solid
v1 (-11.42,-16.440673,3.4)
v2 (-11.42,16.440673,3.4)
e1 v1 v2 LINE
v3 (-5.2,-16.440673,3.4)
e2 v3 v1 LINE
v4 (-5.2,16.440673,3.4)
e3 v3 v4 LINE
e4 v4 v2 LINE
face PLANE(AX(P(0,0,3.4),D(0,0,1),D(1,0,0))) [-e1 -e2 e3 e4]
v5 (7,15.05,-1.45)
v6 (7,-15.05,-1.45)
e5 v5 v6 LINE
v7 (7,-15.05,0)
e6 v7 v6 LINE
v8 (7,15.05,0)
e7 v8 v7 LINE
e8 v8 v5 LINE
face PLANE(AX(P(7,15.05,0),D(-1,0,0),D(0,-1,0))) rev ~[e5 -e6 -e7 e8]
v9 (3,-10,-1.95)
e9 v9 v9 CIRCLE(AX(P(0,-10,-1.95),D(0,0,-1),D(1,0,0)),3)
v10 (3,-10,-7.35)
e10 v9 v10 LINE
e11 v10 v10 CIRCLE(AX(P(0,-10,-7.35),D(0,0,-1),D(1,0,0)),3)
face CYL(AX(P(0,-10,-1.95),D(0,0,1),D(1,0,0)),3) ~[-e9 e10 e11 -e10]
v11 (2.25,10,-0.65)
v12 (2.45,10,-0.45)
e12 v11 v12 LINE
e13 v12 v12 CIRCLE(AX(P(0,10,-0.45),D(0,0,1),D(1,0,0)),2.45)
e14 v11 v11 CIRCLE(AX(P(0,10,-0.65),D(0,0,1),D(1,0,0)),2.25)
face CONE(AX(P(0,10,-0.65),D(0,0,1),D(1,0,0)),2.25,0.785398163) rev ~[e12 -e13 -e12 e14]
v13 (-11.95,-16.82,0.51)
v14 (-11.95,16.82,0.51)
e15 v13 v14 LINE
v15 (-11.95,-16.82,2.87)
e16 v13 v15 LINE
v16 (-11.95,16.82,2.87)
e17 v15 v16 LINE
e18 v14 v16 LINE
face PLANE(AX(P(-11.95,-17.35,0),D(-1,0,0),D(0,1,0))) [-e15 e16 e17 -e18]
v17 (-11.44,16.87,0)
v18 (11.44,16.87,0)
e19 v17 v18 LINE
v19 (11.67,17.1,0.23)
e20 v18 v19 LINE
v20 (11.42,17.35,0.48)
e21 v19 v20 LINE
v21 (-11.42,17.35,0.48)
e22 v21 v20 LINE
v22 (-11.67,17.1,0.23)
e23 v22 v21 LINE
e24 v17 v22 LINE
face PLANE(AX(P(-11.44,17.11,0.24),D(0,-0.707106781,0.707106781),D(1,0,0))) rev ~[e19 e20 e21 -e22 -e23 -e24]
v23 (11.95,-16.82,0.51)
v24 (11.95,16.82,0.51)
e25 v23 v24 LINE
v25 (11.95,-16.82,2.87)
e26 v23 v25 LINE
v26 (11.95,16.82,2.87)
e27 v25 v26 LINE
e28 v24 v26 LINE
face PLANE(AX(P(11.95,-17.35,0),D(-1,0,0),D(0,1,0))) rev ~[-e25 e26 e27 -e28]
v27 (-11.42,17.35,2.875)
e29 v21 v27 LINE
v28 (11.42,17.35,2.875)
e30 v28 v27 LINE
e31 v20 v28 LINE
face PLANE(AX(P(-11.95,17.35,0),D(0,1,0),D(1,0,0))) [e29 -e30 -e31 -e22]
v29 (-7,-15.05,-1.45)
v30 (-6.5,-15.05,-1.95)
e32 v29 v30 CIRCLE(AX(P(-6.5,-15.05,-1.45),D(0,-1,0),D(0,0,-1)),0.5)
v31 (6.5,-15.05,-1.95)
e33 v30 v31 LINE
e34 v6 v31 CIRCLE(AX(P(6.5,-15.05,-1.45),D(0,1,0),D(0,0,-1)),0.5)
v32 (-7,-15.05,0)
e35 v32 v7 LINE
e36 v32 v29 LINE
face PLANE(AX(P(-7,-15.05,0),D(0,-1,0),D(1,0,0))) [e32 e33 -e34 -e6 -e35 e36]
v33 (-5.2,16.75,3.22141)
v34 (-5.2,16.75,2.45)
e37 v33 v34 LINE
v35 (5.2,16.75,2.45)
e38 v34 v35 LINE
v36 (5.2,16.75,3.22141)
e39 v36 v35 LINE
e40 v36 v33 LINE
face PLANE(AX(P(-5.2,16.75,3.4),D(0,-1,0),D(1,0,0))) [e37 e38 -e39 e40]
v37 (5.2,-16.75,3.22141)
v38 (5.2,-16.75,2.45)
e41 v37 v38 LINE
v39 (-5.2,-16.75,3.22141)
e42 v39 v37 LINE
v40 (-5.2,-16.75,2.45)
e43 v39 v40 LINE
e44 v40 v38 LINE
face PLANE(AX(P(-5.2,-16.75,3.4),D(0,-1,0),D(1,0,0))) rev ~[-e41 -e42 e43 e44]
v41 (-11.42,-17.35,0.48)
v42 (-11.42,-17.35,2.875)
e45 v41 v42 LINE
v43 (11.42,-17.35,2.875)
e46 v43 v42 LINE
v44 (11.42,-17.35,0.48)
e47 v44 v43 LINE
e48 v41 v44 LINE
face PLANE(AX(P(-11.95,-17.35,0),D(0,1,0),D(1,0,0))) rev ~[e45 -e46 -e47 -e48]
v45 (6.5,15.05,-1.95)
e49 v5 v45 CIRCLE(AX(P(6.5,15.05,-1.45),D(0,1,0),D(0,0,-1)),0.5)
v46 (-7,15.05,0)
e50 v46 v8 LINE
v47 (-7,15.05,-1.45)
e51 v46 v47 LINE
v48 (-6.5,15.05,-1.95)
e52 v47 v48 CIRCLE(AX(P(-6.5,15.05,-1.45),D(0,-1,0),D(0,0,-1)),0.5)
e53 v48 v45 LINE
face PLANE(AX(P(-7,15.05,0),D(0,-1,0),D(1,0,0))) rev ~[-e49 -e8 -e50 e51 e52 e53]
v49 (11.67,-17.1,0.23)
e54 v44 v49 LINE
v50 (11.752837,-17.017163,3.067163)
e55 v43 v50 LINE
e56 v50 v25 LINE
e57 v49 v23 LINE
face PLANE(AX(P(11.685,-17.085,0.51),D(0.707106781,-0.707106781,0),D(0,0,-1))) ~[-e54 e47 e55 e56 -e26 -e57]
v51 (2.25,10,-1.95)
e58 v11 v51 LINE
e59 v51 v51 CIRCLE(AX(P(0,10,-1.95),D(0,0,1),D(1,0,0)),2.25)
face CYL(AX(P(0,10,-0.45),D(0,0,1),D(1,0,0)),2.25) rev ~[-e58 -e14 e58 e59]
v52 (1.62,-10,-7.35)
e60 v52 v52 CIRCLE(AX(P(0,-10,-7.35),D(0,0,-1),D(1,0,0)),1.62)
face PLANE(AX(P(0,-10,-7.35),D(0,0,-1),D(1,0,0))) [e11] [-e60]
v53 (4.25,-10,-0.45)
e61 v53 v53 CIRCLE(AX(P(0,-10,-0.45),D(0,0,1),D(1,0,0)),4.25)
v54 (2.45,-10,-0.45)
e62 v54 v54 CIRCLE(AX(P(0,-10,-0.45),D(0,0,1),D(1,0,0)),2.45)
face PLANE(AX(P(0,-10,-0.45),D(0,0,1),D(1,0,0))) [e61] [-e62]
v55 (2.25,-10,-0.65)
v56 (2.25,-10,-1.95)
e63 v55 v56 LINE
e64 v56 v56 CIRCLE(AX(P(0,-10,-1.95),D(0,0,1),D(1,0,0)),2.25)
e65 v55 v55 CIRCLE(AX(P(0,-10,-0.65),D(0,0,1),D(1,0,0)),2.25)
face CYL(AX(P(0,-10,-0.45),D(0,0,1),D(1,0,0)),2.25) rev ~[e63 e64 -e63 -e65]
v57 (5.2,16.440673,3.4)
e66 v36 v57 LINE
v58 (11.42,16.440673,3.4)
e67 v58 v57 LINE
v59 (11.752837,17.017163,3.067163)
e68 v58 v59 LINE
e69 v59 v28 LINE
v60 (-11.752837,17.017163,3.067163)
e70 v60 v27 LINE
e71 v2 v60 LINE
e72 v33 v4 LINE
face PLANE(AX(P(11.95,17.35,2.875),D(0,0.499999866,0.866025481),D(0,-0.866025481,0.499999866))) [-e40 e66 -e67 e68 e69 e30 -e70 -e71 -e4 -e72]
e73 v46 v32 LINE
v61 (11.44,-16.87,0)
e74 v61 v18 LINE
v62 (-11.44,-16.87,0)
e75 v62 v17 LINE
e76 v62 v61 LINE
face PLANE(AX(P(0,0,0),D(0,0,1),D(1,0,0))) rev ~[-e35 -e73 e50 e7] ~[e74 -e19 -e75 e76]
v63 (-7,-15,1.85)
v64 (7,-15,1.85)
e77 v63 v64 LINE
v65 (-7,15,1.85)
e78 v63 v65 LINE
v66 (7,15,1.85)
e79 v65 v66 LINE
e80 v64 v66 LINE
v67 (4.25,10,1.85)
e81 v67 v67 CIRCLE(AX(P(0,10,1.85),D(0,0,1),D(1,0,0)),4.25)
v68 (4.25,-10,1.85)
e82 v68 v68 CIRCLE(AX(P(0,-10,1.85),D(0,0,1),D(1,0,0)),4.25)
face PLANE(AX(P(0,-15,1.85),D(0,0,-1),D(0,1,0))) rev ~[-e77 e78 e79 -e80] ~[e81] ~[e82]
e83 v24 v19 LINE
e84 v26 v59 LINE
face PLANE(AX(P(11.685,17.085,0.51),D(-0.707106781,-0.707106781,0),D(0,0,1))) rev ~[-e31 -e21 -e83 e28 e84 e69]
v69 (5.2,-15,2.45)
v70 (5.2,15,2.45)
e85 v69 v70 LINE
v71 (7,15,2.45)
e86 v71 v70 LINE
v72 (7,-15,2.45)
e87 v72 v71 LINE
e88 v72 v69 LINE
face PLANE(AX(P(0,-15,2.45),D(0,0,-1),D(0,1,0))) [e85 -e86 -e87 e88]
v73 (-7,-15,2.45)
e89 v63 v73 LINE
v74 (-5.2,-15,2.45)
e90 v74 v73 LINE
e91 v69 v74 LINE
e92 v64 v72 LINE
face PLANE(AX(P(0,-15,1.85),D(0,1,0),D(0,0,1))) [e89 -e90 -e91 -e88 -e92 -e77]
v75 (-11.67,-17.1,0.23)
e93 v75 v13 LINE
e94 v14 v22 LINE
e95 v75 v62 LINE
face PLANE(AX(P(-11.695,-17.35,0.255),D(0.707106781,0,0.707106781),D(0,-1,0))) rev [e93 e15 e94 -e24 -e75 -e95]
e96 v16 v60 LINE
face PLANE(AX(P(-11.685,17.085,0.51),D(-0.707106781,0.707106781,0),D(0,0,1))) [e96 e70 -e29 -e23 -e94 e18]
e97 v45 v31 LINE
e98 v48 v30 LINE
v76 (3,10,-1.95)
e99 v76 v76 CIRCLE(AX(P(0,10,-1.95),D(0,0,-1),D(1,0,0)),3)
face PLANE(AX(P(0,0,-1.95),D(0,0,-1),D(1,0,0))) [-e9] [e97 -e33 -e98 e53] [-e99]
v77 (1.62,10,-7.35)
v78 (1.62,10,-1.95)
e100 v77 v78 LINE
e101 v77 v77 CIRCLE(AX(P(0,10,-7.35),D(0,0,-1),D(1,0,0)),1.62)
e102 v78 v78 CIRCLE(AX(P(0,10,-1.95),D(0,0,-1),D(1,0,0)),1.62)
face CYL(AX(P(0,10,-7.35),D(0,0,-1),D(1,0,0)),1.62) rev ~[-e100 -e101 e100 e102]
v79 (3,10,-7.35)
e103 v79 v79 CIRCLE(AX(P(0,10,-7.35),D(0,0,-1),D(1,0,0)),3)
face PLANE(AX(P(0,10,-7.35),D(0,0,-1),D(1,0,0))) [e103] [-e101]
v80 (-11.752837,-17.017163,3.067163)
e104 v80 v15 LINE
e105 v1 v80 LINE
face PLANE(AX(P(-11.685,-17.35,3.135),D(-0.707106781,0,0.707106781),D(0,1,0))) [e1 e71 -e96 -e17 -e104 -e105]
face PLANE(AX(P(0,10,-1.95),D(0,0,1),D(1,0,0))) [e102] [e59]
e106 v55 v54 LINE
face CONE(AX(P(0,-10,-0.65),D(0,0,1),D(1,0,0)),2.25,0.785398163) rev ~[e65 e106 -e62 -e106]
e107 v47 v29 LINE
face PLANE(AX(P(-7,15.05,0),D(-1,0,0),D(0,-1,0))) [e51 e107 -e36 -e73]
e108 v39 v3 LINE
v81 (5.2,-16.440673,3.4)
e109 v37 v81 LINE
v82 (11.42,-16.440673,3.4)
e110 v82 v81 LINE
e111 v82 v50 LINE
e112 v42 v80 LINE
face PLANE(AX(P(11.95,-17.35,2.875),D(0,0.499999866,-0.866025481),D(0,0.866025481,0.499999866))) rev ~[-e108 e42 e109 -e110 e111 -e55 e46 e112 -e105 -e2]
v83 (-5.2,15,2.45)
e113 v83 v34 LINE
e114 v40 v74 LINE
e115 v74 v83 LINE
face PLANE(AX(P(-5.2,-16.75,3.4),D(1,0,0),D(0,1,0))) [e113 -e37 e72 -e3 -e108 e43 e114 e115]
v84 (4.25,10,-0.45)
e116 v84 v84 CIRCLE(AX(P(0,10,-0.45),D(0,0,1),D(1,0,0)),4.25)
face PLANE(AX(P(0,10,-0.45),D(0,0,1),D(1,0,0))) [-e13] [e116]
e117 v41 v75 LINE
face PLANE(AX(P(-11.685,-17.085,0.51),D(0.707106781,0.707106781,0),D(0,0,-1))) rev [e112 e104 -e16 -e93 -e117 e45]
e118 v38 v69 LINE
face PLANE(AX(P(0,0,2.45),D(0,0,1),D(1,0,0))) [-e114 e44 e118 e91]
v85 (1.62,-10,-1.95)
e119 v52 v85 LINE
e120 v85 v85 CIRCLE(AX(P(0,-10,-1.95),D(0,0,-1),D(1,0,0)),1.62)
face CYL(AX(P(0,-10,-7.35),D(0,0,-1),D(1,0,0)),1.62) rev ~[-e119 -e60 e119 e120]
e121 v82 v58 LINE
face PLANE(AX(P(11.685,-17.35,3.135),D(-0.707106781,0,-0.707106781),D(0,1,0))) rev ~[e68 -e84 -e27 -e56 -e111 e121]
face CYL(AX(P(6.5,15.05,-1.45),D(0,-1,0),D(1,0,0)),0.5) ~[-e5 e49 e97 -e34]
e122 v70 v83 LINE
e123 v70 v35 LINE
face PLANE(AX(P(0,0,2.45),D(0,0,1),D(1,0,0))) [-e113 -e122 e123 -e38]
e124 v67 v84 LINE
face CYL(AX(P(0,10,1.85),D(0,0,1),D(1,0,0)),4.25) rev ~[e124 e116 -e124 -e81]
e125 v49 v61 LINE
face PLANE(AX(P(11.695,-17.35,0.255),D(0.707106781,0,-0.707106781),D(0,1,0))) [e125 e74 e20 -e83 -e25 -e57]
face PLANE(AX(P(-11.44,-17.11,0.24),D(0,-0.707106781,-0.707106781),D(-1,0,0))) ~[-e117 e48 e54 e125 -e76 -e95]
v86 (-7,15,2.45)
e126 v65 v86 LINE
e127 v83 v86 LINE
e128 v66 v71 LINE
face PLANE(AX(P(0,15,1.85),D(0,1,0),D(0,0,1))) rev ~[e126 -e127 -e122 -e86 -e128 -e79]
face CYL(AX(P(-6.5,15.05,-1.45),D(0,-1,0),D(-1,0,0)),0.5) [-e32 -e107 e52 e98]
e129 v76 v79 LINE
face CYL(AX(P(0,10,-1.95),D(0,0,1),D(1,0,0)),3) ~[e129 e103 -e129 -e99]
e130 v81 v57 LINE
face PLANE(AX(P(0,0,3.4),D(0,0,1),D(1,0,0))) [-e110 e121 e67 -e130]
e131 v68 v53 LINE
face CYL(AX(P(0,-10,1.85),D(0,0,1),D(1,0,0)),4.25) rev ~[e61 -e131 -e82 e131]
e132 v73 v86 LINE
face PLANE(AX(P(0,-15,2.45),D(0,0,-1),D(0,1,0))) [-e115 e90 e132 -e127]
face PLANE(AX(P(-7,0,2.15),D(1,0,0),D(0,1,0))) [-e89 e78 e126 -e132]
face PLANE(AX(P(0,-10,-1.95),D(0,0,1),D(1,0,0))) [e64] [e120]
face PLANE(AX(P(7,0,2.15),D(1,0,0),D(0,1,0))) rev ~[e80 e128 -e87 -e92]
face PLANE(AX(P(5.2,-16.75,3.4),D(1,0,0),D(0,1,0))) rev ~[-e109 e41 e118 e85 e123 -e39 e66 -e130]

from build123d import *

# Parameters (mm, degrees)
SKETCH005_W     = 30
SKETCH005_H     = 0.6
PAD003_DEPTH    = 7
SKETCH_W        = 23.9
SKETCH_H        = 34.7
PAD_DEPTH       = 3.4
SKETCH001_W     = 10.4
SKETCH001_H     = 33.5
POCKET_DEPTH    = 0.95
SKETCH002_W     = 14
SKETCH002_H     = 30.1
PAD001_DEPTH    = 1.95
FILLET_R        = 0.5
SKETCH003_R     = 3
PAD002_DEPTH    = 5.4
SKETCH004_R     = 1.62
POCKET001_DEPTH = 10.751
SKETCH006_R     = 4.25
POCKET002_DEPTH = 2.3
SKETCH007_R     = 2.25
POCKET003_DEPTH = 1.5
CHAMFER_SIZE    = 0.2
CHAMFER001_SIZE = 0.53
CHAMFER002_SIZE = 0.51
CHAMFER003_SIZE = 0.48
POCKET004_DEPTH = 23.901
CHAMFER004_SIZE = 0.53


with BuildPart() as pad003:
    # Sketch005 → Pad003 (new body, symmetric)
    with BuildSketch(Plane.YZ):
        with Locations((0, 2.15)):
            Rectangle(SKETCH005_W, SKETCH005_H)
    extrude(amount=PAD003_DEPTH, both=True)


with BuildPart() as chamfer004:
    # Sketch → Pad (new body)
    with BuildSketch(Plane.XY):
        Rectangle(SKETCH_W, SKETCH_H)
    extrude(amount=PAD_DEPTH)

    # Sketch001 → Pocket (cut)
    with BuildSketch(Plane.XY.offset(3.4)):
        Rectangle(SKETCH001_W, SKETCH001_H)
    extrude(amount=-POCKET_DEPTH, mode=Mode.SUBTRACT)

    # Sketch002 → Pad001 (new body)
    with BuildSketch(Plane(origin=(0, 0, 0), x_dir=(1, 0, 0), z_dir=(0, 0, -1))):
        Rectangle(SKETCH002_W, SKETCH002_H)
    extrude(amount=PAD001_DEPTH)

    # Fillet
    fillet_edges = [chamfer004.edges().sort_by_distance(p)[0] for p in [
        (7, 0, -1.95),
        (-7, 0, -1.95),
    ]]
    fillet(fillet_edges, radius=FILLET_R)

    # Sketch003 → Pad002 (new body)
    with BuildSketch(Plane(origin=(0, 0, -1.95), x_dir=(1, 0, 0), z_dir=(0, 0, -1))):
        with Locations((0, 10)):
            Circle(SKETCH003_R)
        with Locations((0, -10)):
            Circle(SKETCH003_R)
    extrude(amount=PAD002_DEPTH)

    # Sketch004 → Pocket001 (cut, through all)
    with BuildSketch(Plane(origin=(0, 0, -7.35), x_dir=(1, 0, 0), z_dir=(0, 0, -1))):
        with Locations((0, -10)):
            Circle(SKETCH004_R)
        with Locations((0, 10)):
            Circle(SKETCH004_R)
    extrude(amount=-POCKET001_DEPTH, mode=Mode.SUBTRACT)

    # Cut: cut Pad003
    add(pad003.part, mode=Mode.SUBTRACT)

    # Sketch006 → Pocket002 (cut)
    with BuildSketch(Plane.XY.offset(1.85)):
        with Locations((0, 10)):
            Circle(SKETCH006_R)
        with Locations((0, -10)):
            Circle(SKETCH006_R)
    extrude(amount=-POCKET002_DEPTH, mode=Mode.SUBTRACT)

    # Sketch007 → Pocket003 (cut)
    with BuildSketch(Plane.XY.offset(-0.45)):
        with Locations((0, 10)):
            Circle(SKETCH007_R)
        with Locations((0, -10)):
            Circle(SKETCH007_R)
    extrude(amount=-POCKET003_DEPTH, mode=Mode.SUBTRACT)

    # Chamfer
    chamfer_edges = [chamfer004.edges().sort_by_distance(p)[0] for p in [
        (-2.25, 10, -0.45),
        (-2.25, -10, -0.45),
    ]]
    chamfer(chamfer_edges, length=CHAMFER_SIZE)

    # Chamfer001
    chamfer001_edges = [chamfer004.edges().sort_by_distance(p)[0] for p in [
        (11.95, 0, 3.4),
        (-11.95, 0, 3.4),
    ]]
    chamfer(chamfer001_edges, length=CHAMFER001_SIZE)

    # Chamfer002
    chamfer002_edges = [chamfer004.edges().sort_by_distance(p)[0] for p in [
        (11.95, 0, 0),
        (-11.95, 0, 0),
    ]]
    chamfer(chamfer002_edges, length=CHAMFER002_SIZE)

    # Chamfer003
    chamfer003_edges = [chamfer004.edges().sort_by_distance(p)[0] for p in [
        (0, -17.35, 0),
        (0, 17.35, 0),
    ]]
    chamfer(chamfer003_edges, length=CHAMFER003_SIZE)

    # Sketch008 → Pocket004 (cut, through all)
    with BuildSketch(Plane.YZ.offset(11.95)):
        Polygon((-16.440673, 3.4), (-17.35, 3.4), (-17.35, 2.875), align=None)
        Polygon((16.440673, 3.4), (17.35, 3.4), (17.35, 2.875), align=None)
    extrude(amount=-POCKET004_DEPTH, mode=Mode.SUBTRACT)

    # Chamfer004
    chamfer004_edges = [chamfer004.edges().sort_by_distance(p)[0] for p in [
        (11.95, -17.35, 1.69),
        (11.95, 17.35, 1.69),
        (-11.95, 17.35, 1.69),
        (-11.95, -17.35, 1.69),
    ]]
    chamfer(chamfer004_edges, length=CHAMFER004_SIZE)


solid = chamfer004.part
